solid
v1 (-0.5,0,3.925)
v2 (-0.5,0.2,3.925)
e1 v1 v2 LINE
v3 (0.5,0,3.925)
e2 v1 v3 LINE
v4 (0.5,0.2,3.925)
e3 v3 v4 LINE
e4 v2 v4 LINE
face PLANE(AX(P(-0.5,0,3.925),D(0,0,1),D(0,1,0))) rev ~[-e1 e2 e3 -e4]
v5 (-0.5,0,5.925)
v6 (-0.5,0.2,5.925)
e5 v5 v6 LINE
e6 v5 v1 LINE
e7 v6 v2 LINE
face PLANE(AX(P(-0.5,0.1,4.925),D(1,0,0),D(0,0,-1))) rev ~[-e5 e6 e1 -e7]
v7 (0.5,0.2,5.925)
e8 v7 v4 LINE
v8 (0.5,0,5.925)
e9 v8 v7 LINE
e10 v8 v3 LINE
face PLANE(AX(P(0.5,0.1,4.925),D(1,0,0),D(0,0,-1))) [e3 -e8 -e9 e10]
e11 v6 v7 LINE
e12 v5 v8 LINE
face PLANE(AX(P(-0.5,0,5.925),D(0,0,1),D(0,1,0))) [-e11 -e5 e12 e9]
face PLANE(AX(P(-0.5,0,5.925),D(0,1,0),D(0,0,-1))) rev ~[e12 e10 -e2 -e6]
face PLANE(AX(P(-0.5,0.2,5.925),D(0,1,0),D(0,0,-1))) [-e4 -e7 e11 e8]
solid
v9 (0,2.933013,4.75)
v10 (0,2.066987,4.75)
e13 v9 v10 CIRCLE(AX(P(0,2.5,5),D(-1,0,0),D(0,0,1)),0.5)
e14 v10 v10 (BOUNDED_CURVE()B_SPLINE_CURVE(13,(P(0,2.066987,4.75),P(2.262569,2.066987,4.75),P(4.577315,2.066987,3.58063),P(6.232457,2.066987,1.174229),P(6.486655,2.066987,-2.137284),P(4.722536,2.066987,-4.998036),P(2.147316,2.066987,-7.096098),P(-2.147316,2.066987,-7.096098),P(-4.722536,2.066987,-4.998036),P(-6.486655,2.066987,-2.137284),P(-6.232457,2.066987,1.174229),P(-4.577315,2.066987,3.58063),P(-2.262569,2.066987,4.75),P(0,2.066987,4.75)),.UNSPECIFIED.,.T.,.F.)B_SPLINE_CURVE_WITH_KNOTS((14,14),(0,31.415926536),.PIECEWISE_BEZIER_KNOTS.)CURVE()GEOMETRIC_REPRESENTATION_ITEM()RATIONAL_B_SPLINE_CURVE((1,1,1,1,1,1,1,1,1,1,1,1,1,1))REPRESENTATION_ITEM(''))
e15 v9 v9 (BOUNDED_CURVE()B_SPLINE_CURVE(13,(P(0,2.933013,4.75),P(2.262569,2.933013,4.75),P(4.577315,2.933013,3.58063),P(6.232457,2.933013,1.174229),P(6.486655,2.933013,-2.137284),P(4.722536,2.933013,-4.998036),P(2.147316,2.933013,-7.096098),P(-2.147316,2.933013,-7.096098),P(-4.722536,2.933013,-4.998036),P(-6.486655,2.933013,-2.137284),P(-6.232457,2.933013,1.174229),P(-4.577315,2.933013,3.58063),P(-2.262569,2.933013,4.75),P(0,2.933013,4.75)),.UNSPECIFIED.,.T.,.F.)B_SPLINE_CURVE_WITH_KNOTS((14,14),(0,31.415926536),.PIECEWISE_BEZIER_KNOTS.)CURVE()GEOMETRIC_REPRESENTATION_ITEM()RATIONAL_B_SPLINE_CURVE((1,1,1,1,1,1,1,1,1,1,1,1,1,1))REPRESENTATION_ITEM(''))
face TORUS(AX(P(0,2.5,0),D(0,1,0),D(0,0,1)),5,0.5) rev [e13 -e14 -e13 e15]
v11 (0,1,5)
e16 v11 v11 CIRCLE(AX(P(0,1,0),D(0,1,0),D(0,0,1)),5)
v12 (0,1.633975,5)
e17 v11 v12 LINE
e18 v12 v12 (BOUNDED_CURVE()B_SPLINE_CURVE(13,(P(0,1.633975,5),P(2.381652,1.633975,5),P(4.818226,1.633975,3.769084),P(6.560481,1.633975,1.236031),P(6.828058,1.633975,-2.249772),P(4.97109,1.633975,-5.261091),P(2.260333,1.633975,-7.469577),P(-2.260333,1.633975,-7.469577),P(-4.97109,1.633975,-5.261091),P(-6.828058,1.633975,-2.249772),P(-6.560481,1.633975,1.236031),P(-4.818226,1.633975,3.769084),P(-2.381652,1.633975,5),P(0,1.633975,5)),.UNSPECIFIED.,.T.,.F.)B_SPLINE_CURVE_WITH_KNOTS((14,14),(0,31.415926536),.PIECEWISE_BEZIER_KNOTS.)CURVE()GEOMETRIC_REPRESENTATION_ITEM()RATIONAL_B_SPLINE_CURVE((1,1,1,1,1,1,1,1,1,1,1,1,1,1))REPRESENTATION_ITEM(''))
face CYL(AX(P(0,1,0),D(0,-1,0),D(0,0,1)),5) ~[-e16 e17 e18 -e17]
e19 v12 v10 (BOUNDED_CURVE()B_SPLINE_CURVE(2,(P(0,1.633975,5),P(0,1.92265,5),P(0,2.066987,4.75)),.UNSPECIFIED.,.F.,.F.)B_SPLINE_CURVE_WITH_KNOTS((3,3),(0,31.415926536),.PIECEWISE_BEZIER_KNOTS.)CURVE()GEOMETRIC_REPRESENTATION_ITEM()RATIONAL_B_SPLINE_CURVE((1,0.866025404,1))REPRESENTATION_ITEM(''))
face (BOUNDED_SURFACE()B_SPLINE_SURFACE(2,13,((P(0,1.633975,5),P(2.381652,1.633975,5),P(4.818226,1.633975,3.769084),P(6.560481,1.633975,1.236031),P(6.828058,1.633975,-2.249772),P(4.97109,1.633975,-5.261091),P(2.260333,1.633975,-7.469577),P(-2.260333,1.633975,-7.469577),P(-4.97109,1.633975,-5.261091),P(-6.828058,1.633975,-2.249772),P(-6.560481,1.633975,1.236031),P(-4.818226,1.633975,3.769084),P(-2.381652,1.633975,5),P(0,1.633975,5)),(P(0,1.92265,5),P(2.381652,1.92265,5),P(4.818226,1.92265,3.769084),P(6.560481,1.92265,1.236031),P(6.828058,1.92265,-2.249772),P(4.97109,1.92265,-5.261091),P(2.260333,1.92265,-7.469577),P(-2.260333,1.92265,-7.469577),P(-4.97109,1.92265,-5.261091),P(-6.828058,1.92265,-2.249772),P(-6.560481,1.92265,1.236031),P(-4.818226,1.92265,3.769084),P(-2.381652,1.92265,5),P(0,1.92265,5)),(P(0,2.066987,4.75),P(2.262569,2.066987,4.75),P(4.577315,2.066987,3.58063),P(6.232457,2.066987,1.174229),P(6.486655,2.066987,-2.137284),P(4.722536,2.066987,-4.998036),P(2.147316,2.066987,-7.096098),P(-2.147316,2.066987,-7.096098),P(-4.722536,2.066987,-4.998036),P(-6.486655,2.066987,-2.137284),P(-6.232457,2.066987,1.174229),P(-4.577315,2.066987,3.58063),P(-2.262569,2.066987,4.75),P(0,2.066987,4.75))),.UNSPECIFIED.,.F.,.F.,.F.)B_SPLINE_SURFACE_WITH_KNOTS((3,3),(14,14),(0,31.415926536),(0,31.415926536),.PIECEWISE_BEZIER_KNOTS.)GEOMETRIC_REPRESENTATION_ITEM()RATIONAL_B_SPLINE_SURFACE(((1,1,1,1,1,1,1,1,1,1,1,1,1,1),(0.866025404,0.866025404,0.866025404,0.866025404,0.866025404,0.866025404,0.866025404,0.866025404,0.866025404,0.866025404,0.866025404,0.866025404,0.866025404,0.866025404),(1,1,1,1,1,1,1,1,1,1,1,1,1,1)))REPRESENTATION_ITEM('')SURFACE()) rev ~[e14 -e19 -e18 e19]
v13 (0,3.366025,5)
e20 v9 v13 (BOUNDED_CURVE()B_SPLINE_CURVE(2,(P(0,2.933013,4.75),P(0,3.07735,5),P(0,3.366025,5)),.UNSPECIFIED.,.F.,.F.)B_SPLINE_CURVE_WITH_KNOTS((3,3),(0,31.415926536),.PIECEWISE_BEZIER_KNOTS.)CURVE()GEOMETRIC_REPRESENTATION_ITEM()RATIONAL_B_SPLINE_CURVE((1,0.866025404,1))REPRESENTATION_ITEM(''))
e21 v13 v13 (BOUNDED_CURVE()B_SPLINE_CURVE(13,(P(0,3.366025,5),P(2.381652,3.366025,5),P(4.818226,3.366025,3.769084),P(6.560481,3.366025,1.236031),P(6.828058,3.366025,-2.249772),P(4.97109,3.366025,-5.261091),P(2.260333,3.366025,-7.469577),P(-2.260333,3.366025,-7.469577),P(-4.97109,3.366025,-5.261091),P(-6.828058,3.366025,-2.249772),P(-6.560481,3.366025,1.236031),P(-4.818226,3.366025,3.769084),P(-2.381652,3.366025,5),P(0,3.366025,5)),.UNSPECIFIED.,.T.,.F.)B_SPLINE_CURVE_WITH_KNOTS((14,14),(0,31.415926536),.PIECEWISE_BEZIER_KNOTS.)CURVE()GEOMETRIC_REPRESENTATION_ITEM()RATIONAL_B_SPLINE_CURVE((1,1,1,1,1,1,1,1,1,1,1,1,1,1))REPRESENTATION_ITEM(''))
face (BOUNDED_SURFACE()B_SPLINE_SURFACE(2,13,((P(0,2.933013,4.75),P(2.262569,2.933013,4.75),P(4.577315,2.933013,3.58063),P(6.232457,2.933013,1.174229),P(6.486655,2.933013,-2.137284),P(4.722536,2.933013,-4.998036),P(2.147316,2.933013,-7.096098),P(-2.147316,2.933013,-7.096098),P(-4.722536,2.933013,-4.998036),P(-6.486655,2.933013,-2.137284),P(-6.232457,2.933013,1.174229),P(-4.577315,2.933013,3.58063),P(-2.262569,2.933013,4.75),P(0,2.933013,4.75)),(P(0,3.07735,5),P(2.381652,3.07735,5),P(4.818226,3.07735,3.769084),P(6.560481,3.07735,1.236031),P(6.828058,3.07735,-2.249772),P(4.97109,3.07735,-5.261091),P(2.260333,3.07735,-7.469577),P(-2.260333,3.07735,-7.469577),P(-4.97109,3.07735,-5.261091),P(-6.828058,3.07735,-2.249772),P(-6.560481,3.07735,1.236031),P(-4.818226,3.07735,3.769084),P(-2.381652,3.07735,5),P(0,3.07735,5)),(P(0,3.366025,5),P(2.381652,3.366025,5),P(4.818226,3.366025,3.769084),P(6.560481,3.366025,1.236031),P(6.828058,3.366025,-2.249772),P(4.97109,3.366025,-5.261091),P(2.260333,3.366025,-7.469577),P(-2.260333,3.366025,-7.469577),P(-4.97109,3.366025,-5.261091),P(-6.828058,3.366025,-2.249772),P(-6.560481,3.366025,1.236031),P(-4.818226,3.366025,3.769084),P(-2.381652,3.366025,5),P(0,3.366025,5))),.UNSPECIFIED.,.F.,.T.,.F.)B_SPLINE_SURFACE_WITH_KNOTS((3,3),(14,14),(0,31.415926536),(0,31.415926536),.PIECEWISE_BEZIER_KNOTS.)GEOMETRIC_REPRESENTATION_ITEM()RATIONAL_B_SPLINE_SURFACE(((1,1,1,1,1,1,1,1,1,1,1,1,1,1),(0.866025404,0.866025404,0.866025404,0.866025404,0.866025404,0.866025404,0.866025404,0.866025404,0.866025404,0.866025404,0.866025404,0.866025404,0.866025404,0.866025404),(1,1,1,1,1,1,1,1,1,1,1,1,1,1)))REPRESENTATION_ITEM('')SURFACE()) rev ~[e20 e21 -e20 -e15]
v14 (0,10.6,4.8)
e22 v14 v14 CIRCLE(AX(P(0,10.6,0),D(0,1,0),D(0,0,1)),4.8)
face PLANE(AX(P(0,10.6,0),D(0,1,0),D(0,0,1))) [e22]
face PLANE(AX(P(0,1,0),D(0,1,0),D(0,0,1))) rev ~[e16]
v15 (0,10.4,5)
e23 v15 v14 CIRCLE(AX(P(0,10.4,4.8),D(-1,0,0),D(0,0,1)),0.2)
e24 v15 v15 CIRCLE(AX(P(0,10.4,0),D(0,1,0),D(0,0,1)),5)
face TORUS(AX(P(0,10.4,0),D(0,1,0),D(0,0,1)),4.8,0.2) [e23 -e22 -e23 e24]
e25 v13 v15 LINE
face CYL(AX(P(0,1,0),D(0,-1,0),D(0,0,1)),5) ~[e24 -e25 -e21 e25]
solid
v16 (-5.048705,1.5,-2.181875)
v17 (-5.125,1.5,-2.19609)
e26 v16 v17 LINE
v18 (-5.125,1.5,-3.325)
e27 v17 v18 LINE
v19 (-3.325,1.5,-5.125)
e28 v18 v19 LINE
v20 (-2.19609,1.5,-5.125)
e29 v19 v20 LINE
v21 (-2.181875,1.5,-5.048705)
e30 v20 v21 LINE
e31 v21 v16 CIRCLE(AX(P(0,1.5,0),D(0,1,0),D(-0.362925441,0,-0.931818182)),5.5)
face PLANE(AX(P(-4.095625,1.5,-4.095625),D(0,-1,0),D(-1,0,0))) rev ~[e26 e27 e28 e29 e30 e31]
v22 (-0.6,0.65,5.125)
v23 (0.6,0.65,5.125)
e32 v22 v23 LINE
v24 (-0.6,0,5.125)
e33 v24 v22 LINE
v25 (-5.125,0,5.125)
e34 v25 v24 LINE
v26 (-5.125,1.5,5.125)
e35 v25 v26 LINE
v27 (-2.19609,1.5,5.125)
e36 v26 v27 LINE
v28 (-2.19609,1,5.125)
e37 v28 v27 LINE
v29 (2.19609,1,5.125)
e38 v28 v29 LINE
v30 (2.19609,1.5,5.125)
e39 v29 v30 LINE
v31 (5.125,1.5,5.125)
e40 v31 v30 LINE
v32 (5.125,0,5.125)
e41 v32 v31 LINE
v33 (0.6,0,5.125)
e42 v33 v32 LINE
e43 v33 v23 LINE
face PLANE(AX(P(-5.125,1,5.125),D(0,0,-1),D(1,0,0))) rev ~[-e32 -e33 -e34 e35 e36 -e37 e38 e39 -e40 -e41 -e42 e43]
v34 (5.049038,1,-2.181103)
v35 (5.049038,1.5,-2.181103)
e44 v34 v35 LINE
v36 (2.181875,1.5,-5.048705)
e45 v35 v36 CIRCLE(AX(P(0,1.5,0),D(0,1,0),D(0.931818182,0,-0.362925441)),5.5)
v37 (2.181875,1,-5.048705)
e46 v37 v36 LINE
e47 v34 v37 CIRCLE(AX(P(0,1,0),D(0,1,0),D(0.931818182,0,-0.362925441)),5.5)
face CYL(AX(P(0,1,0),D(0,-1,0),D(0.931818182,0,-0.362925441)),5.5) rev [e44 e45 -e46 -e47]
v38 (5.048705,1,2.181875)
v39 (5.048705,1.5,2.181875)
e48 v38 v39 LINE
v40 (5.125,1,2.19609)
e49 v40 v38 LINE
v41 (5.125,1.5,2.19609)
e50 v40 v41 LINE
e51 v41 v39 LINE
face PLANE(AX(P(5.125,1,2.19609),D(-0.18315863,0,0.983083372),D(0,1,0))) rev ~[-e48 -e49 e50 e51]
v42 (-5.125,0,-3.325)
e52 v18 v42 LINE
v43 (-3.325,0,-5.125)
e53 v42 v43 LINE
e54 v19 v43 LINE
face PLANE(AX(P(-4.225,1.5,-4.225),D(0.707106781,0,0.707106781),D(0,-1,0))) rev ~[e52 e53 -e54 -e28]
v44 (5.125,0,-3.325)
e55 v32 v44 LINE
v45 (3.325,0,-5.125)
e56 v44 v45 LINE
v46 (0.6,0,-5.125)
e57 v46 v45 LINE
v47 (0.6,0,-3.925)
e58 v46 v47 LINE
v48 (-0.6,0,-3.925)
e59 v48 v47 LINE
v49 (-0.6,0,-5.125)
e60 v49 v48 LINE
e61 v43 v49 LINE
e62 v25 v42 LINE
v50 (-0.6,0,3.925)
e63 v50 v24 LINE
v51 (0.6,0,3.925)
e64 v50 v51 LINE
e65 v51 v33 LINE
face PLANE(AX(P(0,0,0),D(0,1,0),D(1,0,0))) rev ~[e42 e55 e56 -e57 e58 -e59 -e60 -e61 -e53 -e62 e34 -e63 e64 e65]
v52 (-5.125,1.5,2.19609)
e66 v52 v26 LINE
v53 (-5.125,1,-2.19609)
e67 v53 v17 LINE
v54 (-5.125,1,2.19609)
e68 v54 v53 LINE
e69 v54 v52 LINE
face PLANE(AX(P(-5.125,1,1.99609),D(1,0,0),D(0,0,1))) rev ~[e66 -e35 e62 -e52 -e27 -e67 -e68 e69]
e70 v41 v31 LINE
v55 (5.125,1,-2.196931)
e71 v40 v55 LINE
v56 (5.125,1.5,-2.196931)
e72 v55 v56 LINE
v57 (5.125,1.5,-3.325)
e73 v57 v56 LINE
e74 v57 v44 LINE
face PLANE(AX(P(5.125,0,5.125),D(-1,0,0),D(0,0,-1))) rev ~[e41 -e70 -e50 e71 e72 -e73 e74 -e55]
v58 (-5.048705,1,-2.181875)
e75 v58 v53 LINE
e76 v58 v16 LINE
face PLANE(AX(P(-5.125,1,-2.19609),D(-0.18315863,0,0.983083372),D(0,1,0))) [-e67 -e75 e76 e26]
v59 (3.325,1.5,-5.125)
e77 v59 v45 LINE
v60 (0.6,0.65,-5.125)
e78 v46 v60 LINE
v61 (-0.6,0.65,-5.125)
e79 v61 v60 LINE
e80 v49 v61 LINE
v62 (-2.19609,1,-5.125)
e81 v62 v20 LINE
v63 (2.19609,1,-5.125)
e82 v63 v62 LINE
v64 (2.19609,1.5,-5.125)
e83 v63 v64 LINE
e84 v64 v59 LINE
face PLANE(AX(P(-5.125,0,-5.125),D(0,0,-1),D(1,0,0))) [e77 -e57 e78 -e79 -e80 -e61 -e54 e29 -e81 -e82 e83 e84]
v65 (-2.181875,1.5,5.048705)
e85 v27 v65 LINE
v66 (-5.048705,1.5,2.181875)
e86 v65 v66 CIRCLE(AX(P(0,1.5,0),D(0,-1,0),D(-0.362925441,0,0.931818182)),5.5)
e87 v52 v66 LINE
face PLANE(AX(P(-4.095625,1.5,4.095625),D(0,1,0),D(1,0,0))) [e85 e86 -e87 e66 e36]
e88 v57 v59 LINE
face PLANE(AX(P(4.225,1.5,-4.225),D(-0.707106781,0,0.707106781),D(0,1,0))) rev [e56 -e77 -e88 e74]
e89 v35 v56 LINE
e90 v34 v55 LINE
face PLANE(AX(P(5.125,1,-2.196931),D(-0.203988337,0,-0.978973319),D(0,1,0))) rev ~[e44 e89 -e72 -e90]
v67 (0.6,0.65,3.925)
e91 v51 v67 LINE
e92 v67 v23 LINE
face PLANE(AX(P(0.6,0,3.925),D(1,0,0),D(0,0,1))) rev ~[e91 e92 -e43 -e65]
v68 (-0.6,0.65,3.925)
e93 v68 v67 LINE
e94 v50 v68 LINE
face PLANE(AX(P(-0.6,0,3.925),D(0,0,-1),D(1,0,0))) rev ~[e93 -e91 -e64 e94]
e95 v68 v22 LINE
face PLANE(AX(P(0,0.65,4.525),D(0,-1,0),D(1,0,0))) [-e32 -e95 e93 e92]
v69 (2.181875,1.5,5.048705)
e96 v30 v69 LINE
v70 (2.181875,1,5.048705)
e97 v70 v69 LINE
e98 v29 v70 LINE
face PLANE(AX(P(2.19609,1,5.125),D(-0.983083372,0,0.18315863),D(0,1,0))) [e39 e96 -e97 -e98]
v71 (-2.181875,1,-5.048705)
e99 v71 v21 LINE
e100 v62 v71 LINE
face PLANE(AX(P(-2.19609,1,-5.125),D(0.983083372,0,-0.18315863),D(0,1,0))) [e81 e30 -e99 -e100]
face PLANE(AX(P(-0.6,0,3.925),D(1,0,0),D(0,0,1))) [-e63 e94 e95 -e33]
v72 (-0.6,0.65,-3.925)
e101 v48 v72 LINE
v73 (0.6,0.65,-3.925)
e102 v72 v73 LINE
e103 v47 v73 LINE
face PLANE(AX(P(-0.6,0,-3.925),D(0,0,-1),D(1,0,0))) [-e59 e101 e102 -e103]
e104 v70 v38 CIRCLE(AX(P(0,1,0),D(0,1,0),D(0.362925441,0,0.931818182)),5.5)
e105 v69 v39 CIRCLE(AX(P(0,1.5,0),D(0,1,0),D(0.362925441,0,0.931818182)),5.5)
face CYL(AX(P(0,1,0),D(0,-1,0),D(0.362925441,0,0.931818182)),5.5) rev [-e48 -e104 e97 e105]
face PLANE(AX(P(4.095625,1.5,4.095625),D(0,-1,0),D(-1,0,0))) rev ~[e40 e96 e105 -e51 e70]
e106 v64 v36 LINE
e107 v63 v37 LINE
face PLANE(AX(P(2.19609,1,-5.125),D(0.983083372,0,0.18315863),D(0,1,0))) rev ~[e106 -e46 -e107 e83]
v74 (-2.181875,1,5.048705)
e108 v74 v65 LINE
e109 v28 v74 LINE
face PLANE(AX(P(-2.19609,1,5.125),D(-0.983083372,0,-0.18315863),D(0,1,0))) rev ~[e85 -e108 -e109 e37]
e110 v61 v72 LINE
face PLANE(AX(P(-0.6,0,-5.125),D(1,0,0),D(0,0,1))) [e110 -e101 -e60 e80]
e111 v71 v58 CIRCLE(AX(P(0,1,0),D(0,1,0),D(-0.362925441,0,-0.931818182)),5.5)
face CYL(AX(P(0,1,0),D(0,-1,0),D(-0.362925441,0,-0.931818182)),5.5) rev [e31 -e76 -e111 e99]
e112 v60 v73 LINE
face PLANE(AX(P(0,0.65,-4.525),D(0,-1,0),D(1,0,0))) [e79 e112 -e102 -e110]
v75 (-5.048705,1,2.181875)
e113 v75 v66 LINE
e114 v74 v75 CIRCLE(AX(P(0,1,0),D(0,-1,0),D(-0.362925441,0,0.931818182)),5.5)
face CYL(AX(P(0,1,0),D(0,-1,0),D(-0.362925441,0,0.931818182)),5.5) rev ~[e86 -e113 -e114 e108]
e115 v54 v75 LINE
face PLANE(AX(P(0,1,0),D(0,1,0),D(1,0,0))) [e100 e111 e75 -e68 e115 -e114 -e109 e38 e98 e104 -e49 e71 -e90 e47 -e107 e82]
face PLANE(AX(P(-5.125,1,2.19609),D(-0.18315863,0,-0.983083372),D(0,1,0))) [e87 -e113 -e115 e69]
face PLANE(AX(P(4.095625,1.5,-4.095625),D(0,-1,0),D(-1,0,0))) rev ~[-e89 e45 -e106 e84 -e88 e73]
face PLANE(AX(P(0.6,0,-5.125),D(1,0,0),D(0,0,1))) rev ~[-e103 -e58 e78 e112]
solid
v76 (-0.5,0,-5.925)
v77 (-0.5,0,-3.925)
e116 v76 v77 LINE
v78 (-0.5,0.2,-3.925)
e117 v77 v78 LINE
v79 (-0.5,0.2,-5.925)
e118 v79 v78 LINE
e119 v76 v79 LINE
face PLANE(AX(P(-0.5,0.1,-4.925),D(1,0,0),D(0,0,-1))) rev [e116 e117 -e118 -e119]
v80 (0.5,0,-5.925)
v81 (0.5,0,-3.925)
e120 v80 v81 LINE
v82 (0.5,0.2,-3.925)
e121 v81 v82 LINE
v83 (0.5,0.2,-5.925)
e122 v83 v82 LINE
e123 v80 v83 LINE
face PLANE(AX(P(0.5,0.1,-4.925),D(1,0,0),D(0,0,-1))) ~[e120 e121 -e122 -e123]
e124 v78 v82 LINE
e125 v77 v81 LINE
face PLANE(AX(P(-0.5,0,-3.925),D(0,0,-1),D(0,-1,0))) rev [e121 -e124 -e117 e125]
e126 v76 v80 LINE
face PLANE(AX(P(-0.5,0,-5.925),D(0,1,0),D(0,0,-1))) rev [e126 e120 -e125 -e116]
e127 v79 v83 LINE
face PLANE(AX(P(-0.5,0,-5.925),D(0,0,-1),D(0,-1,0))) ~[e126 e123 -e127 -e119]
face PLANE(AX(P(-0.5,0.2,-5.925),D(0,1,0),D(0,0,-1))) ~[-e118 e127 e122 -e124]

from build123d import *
from OCP.BRepFilletAPI import BRepFilletAPI_MakeChamfer

# Parameters (mm, degrees)
SKETCH1_W                = 10.25
SKETCH1_H                = 10.25
BOSS_EXTRUDE1_DEPTH      = 1
SKETCH2_R                = 5
BOSS_EXTRUDE2_DEPTH      = 9.6
BOSS_EXTRUDE3_DEPTH      = 0.5
SKETCH3_R                = 0.5
FILLET1_R                = 0.5
FILLET2_R                = 0.2
CHAMFER1_SIZE            = 1.8
SKETCH4_W                = 1.2
SKETCH4_H                = 1.2
CUT_EXTRUDE1_DEPTH       = 0.65
EXTRUDE_THIN1_DEPTH      = 0.5
EXTRUDE_THIN1_DEPTH_BACK = 0.5
SKETCH6_W                = 2
SKETCH6_H                = 0.2
CHAMFER2_SIZE            = 0.200841177
CHAMFER2_SIZE2           = 0.2
CHAMFER2_SIZE_2          = 0.2
CHAMFER2_SIZE2_2         = 0.200841177


with BuildPart() as part:
    # Sketch1 → Boss-Extrude1 (new body)
    with BuildSketch(Plane(origin=(0, 0, 0), x_dir=(1, 0, 0), z_dir=(0, 1, 0))):
        Rectangle(SKETCH1_W, SKETCH1_H)
    extrude(amount=BOSS_EXTRUDE1_DEPTH)

    # Sketch5 → Boss-Extrude3 (add)
    with BuildSketch(Plane(origin=(0, 1, 0), x_dir=(1, 0, 0), z_dir=(0, 1, 0))):
        with BuildLine():
            Line((-5.125, -1.996089928), (-5.125, -5.125))
            Line((-5.125, -5.125), (-1.996089928, -5.125))
            ThreePointArc((-1.996089928, -5.125), (-3.889087297, -3.889087297), (-5.125, -1.996089928))
        make_face()
        with BuildLine():
            Line((-5.125, 5.125), (-1.996089928, 5.125))
            ThreePointArc((-1.996089928, 5.125), (-3.889087297, 3.889087297), (-5.125, 1.996089928))
            Line((-5.125, 1.996089928), (-5.125, 5.125))
        make_face()
        with BuildLine():
            Line((5.125, 5.125), (5.125, 1.996089928))
            ThreePointArc((5.125, 1.996089928), (3.889087297, 3.889087297), (1.996089928, 5.125))
            Line((1.996089928, 5.125), (5.125, 5.125))
        make_face()
        with BuildLine():
            Line((5.125, -1.996089928), (5.125, -5.125))
            Line((5.125, -5.125), (1.996089928, -5.125))
            ThreePointArc((1.996089928, -5.125), (3.889087297, -3.889087297), (5.125, -1.996089928))
        make_face()
    extrude(amount=BOSS_EXTRUDE3_DEPTH)

    # Chamfer1
    chamfer1_edges = [part.edges().sort_by_distance(p)[0] for p in [
        (-5.125, 0.75, -5.125),
        (5.125, 0.75, -5.125),
    ]]
    chamfer(chamfer1_edges, length=CHAMFER1_SIZE)

    # Sketch4 → Cut-Extrude1 (cut)
    with BuildSketch(Plane.XZ):
        with Locations((0, 4.525)):
            Rectangle(SKETCH4_W, SKETCH4_H)
        with Locations((0, -4.525)):
            Rectangle(SKETCH4_W, SKETCH4_H)
    extrude(amount=-CUT_EXTRUDE1_DEPTH, mode=Mode.SUBTRACT)

    # Chamfer2: one chamfer whose edges measure the first distance from different faces: ONE call of the kernel's chamfer builder (chamfer() names one face for all edges)
    chamfer2_edges_1 = [part.edges().sort_by_distance(p)[0] for p in [
        (-5.125, 1.25, -1.996089928),
    ]]
    chamfer2_side_1 = [part.faces().sort_by_distance(p)[0] for p in [
        (-3.889087297, 1.25, -3.889087297),
    ]]
    chamfer2_edges_2 = [part.edges().sort_by_distance(p)[0] for p in [
        (-1.996089928, 1.25, -5.125),
        (1.996089928, 1.25, -5.125),
    ]]
    chamfer2_side_2 = [part.faces().sort_by_distance(p)[0] for p in [
        (0, 0.657410294, -5.125),
    ]]
    chamfer2_edges_3 = [part.edges().sort_by_distance(p)[0] for p in [
        (1.996089928, 1.25, 5.125),
        (-1.996089928, 1.25, 5.125),
    ]]
    chamfer2_side_3 = [part.faces().sort_by_distance(p)[0] for p in [
        (0, 0.69709503, 5.125),
    ]]
    chamfer2_edges_4 = [part.edges().sort_by_distance(p)[0] for p in [
        (5.125, 1.25, 1.996089928),
    ]]
    chamfer2_side_4 = [part.faces().sort_by_distance(p)[0] for p in [
        (5.125, 0.656540559, 1.068226993),
    ]]
    chamfer2_edges_5 = [part.edges().sort_by_distance(p)[0] for p in [
        (-5.125, 1.25, 1.996089928),
    ]]
    chamfer2_side_5 = [part.faces().sort_by_distance(p)[0] for p in [
        (-5.125, 0.656540559, 1.068226993),
    ]]
    chamfer2_edges_6 = [part.edges().sort_by_distance(p)[0] for p in [
        (5.125, 1.25, -1.996089928),
    ]]
    chamfer2_side_6 = [part.faces().sort_by_distance(p)[0] for p in [
        (3.889087297, 1.25, -3.889087297),
    ]]
    chamfer2 = BRepFilletAPI_MakeChamfer(part.part.solid().wrapped)
    for e in chamfer2_edges_1:
        chamfer2.Add(CHAMFER2_SIZE, CHAMFER2_SIZE2, e.wrapped, chamfer2_side_1[0].wrapped)  # the first distance lies on this face
    for e in chamfer2_edges_2:
        chamfer2.Add(CHAMFER2_SIZE_2, CHAMFER2_SIZE2_2, e.wrapped, chamfer2_side_2[0].wrapped)  # the first distance lies on this face
    for e in chamfer2_edges_3:
        chamfer2.Add(CHAMFER2_SIZE_2, CHAMFER2_SIZE2_2, e.wrapped, chamfer2_side_3[0].wrapped)  # the first distance lies on this face
    for e in chamfer2_edges_4:
        chamfer2.Add(CHAMFER2_SIZE_2, CHAMFER2_SIZE2_2, e.wrapped, chamfer2_side_4[0].wrapped)  # the first distance lies on this face
    for e in chamfer2_edges_5:
        chamfer2.Add(CHAMFER2_SIZE_2, CHAMFER2_SIZE2_2, e.wrapped, chamfer2_side_5[0].wrapped)  # the first distance lies on this face
    for e in chamfer2_edges_6:
        chamfer2.Add(CHAMFER2_SIZE_2, CHAMFER2_SIZE2_2, e.wrapped, chamfer2_side_6[0].wrapped)  # the first distance lies on this face
    add(Compound.cast(chamfer2.Shape()), mode=Mode.REPLACE)


with BuildPart() as body_2:
    # Sketch2 → Boss-Extrude2 (new body)
    with BuildSketch(Plane(origin=(0, 1, 0), x_dir=(1, 0, 0), z_dir=(0, 1, 0))):
        with Locations(Location((0, 0, 0), (0, 0, 270))):
            Circle(SKETCH2_R)
    extrude(amount=BOSS_EXTRUDE2_DEPTH)

    # Sketch3 → Cut-Revolve1 (revolve, cut)
    with BuildSketch(Plane.XY, mode=Mode.PRIVATE) as cut_revolve1_sk:
        with Locations((5, 2.5)):
            Circle(SKETCH3_R)
    revolve(cut_revolve1_sk.sketch.rotate(Axis((0, 10.6, 0), (0, -1, 0)), 90), axis=Axis((0, 10.6, 0), (0, -1, 0)), mode=Mode.SUBTRACT)

    # Fillet1
    fillet1_edges = [body_2.edges().sort_by_distance(p)[0] for p in [
        (0, 3, -5),
        (0, 2, -5),
    ]]
    fillet(fillet1_edges, radius=FILLET1_R)

    # Fillet2
    fillet2_edges = [body_2.edges().sort_by_distance(p)[0] for p in [
        (0, 10.6, -5),
    ]]
    fillet(fillet2_edges, radius=FILLET2_R)


with BuildPart() as body_3:
    # Sketch6 → Extrude-Thin1 (new, two sides: drawn at the far end of the back side and taken through both)
    with BuildSketch(Plane(origin=(0, 0, 0), x_dir=(0, 0, -1), z_dir=(1, 0, 0)).offset(-EXTRUDE_THIN1_DEPTH_BACK)):
        with Locations((-4.925, 0.1)):
            Rectangle(SKETCH6_W, SKETCH6_H)
    extrude(amount=EXTRUDE_THIN1_DEPTH + EXTRUDE_THIN1_DEPTH_BACK)


with BuildPart() as body_4:
    # Mirror3: mirrored copy
    add(body_3.part.mirror(Plane.XY))


solid = Compound([part.part, body_2.part, body_3.part, body_4.part])
